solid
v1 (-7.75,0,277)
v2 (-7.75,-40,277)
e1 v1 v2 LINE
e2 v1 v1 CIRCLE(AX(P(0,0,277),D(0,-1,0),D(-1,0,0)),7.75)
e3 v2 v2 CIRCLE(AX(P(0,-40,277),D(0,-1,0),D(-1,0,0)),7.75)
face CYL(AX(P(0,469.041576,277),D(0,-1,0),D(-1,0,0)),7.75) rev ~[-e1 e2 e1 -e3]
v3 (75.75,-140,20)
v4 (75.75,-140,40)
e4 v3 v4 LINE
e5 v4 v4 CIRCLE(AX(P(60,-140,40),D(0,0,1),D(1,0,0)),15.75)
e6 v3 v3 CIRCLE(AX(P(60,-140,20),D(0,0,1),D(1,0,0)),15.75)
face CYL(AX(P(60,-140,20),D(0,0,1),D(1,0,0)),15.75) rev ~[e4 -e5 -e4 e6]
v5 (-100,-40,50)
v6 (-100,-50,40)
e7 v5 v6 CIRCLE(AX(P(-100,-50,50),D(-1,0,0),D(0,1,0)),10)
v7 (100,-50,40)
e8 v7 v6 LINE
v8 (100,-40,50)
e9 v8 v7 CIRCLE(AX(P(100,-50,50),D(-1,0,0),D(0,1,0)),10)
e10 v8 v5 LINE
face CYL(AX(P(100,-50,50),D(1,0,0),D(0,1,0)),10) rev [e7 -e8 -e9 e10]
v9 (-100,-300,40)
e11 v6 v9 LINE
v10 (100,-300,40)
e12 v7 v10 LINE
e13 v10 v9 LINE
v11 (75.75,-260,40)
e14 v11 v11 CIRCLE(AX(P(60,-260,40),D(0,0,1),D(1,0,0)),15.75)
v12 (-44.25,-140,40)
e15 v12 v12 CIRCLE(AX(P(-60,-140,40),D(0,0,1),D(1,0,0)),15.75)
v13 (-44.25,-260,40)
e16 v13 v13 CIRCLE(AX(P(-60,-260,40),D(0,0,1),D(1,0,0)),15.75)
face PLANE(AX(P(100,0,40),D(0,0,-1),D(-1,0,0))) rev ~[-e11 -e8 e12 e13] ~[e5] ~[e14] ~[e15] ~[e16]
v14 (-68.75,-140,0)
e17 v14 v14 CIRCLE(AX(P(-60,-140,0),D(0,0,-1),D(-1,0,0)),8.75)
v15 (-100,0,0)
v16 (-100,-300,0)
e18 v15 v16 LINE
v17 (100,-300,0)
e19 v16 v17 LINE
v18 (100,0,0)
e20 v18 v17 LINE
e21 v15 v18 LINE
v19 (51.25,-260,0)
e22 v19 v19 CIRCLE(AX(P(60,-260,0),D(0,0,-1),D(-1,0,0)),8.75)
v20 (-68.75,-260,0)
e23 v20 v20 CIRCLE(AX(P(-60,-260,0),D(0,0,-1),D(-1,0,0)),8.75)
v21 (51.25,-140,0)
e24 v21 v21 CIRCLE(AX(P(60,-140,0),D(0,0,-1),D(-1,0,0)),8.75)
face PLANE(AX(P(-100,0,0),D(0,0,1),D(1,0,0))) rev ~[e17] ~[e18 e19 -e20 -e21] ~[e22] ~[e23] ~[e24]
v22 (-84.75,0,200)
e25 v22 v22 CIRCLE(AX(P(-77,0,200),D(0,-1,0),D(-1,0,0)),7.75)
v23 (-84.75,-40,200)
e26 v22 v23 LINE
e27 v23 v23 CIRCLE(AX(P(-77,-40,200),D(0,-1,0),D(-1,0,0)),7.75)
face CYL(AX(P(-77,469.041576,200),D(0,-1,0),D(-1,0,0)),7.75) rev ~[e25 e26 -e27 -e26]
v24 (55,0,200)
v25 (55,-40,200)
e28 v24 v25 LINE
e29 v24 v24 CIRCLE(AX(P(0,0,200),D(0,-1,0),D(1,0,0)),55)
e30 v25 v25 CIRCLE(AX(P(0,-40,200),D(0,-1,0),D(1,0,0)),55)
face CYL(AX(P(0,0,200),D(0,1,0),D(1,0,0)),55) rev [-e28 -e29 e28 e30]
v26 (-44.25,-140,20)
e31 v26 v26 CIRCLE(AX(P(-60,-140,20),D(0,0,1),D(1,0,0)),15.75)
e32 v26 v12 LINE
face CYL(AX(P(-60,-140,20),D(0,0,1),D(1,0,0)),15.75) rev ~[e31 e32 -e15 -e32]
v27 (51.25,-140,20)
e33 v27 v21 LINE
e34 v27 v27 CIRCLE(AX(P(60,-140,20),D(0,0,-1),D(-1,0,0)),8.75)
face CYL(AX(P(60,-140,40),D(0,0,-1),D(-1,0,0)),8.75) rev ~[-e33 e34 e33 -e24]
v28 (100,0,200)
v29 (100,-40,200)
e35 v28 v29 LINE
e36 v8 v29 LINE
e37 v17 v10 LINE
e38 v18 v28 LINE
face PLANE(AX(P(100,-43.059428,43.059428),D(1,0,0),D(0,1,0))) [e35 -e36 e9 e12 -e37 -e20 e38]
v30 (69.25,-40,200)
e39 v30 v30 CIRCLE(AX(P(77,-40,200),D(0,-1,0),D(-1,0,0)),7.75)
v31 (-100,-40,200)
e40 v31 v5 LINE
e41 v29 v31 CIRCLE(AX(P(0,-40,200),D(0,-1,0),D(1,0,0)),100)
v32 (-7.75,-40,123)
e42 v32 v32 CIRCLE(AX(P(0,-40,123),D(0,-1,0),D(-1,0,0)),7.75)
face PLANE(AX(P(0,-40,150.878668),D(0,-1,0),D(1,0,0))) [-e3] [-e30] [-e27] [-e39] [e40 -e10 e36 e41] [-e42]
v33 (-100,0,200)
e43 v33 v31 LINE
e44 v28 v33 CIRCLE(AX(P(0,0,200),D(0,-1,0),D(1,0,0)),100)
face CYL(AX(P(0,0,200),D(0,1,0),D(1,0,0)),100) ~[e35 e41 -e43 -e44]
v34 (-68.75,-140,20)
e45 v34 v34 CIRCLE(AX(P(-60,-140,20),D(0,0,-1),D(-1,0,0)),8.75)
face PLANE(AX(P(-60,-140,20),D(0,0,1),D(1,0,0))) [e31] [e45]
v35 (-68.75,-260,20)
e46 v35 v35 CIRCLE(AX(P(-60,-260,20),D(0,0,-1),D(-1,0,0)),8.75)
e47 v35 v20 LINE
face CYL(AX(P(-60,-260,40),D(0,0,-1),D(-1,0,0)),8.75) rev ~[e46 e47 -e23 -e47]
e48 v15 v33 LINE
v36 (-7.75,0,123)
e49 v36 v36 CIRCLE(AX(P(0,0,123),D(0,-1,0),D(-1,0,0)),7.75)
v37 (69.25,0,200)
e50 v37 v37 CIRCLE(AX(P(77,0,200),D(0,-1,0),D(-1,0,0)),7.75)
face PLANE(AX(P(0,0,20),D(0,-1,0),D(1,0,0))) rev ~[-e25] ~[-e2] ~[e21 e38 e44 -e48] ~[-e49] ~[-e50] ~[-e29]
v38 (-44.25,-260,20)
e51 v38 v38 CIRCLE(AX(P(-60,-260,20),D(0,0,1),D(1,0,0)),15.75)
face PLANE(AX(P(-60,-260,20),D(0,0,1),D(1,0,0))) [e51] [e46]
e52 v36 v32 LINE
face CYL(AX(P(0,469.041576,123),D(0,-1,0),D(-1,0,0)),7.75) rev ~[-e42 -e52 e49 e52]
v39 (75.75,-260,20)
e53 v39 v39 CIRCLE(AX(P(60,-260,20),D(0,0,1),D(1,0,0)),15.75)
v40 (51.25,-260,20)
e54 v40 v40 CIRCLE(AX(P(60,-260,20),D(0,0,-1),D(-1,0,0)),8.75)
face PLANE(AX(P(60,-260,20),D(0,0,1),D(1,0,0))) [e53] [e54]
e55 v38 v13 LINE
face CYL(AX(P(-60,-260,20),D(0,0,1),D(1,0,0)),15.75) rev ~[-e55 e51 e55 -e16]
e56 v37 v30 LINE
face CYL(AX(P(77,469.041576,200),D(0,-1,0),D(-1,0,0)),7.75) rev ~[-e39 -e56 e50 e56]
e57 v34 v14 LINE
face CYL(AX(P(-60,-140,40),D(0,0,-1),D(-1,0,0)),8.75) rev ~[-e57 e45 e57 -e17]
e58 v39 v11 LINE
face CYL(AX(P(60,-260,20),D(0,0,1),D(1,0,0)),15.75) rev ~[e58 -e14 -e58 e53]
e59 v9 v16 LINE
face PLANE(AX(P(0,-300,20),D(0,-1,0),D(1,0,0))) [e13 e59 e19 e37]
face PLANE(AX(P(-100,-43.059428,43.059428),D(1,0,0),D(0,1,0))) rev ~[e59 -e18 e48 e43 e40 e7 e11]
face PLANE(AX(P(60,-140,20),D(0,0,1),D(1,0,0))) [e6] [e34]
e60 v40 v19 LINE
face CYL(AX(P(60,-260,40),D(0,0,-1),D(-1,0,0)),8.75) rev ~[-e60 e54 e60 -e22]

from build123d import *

# Parameters (mm, degrees)
F0_R           = 55
F1_DEPTH       = 40
F2_DEPTH       = 300
F3_D           = 15.5
F5_D           = 17.5
F5_CBORE_D     = 31.5
F5_CBORE_DEPTH = 20
F7_DEPTH       = 200


with BuildPart() as f1:
    # F0 (on Front) → F1 (new body)
    with BuildSketch(Plane.XZ):
        with BuildLine():
            Line((-100, 40), (100, 40))
            Line((100, 40), (100, 200))
            ThreePointArc((100, 200), (0, 300), (-100, 200))
            Line((-100, 200), (-100, 40))
        make_face()
        with Locations((0, 200)):
            Circle(F0_R, mode=Mode.SUBTRACT)
    extrude(amount=F1_DEPTH)

    # F0 (on Front) → F2 (join)
    with BuildSketch(Plane.XZ):
        Polygon((-98.9183791646, 0), (0, 0), (100, 0), (100, 40), (-100, 40), (-100, 0), align=None)
    extrude(amount=F2_DEPTH)

    # F3 (through all)
    with Locations(Plane(origin=(0, 0, 0), x_dir=(1, 0, 0), z_dir=(0, 1, 0))):
        with Locations((0, -277), (-77, -200), (77, -200), (0, -123)):
            Hole(F3_D / 2)

    # F5 (through all)
    with Locations(Plane.XY.offset(40)):
        with Locations((-60, -140), (60, -140), (60, -260), (-60, -260)):
            CounterBoreHole(F5_D / 2, F5_CBORE_D / 2, F5_CBORE_DEPTH)

    # F6 (on face) → F7 (join)
    with BuildSketch(Plane.YZ.offset(100)):
        with BuildLine():
            ThreePointArc((-40, 50), (-42.9289321881, 42.9289321881), (-50, 40))
            Line((-50, 40), (-40, 40))
            Line((-40, 40), (-40, 50))
        make_face()
    extrude(amount=-F7_DEPTH)


solid = f1.part
